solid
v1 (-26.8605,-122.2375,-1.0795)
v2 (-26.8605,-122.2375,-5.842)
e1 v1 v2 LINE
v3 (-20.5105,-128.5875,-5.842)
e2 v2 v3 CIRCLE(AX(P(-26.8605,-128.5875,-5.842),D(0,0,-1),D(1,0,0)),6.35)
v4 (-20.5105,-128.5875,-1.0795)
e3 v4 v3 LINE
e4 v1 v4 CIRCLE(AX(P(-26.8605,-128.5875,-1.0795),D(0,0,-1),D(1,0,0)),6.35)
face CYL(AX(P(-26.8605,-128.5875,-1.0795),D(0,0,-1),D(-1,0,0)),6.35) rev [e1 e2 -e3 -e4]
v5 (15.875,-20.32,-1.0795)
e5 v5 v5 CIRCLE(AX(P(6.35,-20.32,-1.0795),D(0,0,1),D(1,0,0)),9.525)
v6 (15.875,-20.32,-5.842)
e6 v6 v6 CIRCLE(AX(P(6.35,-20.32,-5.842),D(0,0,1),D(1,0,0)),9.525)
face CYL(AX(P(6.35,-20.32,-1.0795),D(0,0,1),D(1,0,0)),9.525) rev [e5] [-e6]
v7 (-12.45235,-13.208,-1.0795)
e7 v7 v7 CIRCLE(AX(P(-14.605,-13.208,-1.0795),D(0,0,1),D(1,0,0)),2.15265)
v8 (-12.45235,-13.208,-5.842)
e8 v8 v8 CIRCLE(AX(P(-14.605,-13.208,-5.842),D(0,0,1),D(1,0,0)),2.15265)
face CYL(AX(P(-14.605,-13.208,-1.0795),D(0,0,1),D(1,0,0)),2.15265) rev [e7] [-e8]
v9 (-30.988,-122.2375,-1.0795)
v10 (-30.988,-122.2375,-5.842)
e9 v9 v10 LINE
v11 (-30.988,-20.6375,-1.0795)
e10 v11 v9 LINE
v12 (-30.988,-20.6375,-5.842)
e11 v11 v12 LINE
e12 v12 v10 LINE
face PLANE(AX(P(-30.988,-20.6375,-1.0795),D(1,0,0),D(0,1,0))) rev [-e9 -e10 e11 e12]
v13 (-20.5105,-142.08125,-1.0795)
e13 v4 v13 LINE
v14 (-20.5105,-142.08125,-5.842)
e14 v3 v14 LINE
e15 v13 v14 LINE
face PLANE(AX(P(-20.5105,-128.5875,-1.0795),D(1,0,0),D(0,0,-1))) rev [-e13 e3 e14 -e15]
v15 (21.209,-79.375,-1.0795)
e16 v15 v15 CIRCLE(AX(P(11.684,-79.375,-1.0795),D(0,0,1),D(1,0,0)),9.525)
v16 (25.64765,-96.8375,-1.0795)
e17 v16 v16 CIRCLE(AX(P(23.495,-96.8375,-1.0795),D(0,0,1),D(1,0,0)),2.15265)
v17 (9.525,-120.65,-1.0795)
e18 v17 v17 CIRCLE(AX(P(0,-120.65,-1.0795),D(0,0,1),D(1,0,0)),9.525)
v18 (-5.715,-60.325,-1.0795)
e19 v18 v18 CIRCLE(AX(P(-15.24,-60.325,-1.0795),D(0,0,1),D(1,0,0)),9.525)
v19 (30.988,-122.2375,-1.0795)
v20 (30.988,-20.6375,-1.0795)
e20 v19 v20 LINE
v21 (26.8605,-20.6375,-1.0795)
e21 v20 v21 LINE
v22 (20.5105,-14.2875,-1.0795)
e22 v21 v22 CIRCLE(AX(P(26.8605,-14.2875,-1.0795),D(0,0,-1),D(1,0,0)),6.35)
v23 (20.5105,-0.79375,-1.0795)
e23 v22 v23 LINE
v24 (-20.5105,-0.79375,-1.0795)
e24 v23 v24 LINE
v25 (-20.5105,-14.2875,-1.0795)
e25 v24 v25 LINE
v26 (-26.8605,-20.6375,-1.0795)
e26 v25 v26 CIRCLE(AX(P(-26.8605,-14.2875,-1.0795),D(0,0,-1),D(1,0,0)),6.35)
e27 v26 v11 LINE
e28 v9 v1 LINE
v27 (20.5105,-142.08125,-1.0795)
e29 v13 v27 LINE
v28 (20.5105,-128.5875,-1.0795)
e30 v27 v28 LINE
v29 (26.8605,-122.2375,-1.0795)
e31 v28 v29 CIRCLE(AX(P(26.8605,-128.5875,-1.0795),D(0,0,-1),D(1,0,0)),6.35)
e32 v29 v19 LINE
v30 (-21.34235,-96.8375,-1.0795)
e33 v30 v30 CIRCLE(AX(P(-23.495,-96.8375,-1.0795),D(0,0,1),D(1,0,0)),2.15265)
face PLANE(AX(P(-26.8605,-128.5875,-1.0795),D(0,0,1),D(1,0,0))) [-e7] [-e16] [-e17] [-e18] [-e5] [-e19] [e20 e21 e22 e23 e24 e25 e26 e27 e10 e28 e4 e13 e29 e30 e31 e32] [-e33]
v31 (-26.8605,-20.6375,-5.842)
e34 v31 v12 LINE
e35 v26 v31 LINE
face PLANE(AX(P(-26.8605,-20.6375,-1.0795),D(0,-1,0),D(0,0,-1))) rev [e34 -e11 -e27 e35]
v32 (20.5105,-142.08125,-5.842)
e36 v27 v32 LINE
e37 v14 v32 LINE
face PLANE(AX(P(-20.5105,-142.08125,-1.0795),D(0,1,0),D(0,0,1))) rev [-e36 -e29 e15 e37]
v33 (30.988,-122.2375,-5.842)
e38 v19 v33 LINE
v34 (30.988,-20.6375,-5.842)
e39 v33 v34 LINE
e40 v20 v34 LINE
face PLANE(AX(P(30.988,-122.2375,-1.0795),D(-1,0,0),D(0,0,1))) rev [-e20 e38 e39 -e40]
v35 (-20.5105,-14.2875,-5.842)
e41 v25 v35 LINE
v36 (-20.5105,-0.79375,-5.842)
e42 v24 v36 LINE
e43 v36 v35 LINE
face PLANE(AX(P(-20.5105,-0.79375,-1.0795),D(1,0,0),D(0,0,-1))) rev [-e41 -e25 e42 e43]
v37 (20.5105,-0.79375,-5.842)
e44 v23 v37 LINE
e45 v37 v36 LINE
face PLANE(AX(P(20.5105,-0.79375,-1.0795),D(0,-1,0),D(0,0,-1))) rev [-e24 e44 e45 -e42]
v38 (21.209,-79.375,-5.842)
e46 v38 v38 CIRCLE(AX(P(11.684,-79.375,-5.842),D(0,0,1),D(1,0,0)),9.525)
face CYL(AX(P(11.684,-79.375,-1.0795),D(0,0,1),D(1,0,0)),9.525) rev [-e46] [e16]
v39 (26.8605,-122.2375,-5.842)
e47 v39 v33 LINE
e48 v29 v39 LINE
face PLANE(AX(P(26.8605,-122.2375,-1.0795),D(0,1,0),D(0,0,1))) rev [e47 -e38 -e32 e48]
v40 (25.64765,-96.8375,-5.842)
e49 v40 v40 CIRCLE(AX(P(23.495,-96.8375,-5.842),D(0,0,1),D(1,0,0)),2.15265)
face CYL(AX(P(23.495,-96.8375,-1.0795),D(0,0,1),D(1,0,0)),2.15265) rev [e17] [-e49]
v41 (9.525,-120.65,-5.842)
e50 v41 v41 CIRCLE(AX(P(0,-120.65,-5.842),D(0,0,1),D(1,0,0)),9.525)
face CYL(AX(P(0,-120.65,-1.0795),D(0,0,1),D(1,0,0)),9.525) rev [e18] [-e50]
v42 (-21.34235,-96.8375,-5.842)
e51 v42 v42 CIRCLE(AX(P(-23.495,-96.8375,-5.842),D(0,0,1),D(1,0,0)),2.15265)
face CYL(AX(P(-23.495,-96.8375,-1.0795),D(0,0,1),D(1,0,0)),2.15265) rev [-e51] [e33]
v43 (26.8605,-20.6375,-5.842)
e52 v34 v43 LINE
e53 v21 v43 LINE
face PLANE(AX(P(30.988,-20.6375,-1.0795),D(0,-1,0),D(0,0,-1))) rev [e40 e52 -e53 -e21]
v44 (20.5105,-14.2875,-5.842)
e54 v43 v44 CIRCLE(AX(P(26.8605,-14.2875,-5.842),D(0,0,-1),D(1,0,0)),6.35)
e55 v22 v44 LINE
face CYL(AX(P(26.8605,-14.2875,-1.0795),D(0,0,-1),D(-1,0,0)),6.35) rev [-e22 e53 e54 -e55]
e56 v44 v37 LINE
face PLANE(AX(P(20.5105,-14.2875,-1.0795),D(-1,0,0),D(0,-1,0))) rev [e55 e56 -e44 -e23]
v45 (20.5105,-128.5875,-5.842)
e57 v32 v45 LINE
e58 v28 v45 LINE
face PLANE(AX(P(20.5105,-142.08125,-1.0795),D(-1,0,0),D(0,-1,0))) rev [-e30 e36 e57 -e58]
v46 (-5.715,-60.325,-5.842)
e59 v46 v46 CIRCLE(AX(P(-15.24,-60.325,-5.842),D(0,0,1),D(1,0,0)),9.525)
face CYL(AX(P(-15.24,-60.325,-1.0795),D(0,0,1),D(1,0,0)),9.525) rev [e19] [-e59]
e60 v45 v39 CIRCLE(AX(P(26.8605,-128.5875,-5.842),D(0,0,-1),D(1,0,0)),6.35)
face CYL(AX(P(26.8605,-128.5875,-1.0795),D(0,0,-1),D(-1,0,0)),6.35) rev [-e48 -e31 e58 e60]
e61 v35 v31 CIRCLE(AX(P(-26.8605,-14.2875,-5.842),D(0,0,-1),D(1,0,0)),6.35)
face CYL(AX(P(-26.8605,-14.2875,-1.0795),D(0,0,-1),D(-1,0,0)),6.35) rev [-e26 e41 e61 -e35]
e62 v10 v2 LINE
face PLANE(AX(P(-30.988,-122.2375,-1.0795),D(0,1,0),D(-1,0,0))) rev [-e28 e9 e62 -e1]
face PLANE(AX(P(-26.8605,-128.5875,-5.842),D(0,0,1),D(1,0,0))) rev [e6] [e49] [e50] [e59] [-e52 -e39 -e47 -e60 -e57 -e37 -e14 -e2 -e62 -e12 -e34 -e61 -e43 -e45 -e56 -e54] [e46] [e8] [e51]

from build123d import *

# Parameters (mm, degrees)
BOSS_EXTRUDE1_DEPTH             = 4.7625
F_6_CLEARANCE_HOLE1_D           = 4.3053
F_6_CLEARANCE_HOLE1_DEPTH       = 4.7625
F_3_4_0_75_DIAMETER_HOLE1_D     = 19.05
F_3_4_0_75_DIAMETER_HOLE1_DEPTH = 4.7625


with BuildPart() as part:
    # Sketch1 → Boss-Extrude1 (new body)
    with BuildSketch(Plane.XY.offset(-5.842)):
        with BuildLine():
            Line((-20.5105, -128.5875), (-20.5105, -142.08125))
            Line((-20.5105, -142.08125), (20.5105, -142.08125))
            Line((20.5105, -142.08125), (20.5105, -128.5875))
            ThreePointArc((20.5105, -128.5875), (22.370371939, -124.097371939), (26.8605, -122.2375))
            Line((26.8605, -122.2375), (30.988, -122.2375))
            Line((30.988, -122.2375), (30.988, -20.6375))
            Line((30.988, -20.6375), (26.8605, -20.6375))
            ThreePointArc((26.8605, -20.6375), (22.370371939, -18.777628061), (20.5105, -14.2875))
            Line((20.5105, -14.2875), (20.5105, -0.79375))
            Line((20.5105, -0.79375), (-20.5105, -0.79375))
            Line((-20.5105, -0.79375), (-20.5105, -14.2875))
            ThreePointArc((-20.5105, -14.2875), (-22.370371939, -18.777628061), (-26.8605, -20.6375))
            Line((-26.8605, -20.6375), (-30.988, -20.6375))
            Line((-30.988, -20.6375), (-30.988, -122.2375))
            Line((-30.988, -122.2375), (-26.8605, -122.2375))
            ThreePointArc((-26.8605, -122.2375), (-22.370371939, -124.097371939), (-20.5105, -128.5875))
        make_face()
    extrude(amount=BOSS_EXTRUDE1_DEPTH)

    # #6 Clearance Hole1
    with Locations(Plane.XY.offset(-1.0795)):
        with Locations((-14.605, -13.208), (-23.495, -96.8375), (23.495, -96.8375)):
            Hole(F_6_CLEARANCE_HOLE1_D / 2, depth=F_6_CLEARANCE_HOLE1_DEPTH)

    # 3/4 (0.75) Diameter Hole1
    with Locations(Plane.XY.offset(-1.0795)):
        with Locations((-15.24, -60.325), (6.35, -20.32), (11.684, -79.375), (0, -120.65)):
            Hole(F_3_4_0_75_DIAMETER_HOLE1_D / 2, depth=F_3_4_0_75_DIAMETER_HOLE1_DEPTH)


solid = part.part
